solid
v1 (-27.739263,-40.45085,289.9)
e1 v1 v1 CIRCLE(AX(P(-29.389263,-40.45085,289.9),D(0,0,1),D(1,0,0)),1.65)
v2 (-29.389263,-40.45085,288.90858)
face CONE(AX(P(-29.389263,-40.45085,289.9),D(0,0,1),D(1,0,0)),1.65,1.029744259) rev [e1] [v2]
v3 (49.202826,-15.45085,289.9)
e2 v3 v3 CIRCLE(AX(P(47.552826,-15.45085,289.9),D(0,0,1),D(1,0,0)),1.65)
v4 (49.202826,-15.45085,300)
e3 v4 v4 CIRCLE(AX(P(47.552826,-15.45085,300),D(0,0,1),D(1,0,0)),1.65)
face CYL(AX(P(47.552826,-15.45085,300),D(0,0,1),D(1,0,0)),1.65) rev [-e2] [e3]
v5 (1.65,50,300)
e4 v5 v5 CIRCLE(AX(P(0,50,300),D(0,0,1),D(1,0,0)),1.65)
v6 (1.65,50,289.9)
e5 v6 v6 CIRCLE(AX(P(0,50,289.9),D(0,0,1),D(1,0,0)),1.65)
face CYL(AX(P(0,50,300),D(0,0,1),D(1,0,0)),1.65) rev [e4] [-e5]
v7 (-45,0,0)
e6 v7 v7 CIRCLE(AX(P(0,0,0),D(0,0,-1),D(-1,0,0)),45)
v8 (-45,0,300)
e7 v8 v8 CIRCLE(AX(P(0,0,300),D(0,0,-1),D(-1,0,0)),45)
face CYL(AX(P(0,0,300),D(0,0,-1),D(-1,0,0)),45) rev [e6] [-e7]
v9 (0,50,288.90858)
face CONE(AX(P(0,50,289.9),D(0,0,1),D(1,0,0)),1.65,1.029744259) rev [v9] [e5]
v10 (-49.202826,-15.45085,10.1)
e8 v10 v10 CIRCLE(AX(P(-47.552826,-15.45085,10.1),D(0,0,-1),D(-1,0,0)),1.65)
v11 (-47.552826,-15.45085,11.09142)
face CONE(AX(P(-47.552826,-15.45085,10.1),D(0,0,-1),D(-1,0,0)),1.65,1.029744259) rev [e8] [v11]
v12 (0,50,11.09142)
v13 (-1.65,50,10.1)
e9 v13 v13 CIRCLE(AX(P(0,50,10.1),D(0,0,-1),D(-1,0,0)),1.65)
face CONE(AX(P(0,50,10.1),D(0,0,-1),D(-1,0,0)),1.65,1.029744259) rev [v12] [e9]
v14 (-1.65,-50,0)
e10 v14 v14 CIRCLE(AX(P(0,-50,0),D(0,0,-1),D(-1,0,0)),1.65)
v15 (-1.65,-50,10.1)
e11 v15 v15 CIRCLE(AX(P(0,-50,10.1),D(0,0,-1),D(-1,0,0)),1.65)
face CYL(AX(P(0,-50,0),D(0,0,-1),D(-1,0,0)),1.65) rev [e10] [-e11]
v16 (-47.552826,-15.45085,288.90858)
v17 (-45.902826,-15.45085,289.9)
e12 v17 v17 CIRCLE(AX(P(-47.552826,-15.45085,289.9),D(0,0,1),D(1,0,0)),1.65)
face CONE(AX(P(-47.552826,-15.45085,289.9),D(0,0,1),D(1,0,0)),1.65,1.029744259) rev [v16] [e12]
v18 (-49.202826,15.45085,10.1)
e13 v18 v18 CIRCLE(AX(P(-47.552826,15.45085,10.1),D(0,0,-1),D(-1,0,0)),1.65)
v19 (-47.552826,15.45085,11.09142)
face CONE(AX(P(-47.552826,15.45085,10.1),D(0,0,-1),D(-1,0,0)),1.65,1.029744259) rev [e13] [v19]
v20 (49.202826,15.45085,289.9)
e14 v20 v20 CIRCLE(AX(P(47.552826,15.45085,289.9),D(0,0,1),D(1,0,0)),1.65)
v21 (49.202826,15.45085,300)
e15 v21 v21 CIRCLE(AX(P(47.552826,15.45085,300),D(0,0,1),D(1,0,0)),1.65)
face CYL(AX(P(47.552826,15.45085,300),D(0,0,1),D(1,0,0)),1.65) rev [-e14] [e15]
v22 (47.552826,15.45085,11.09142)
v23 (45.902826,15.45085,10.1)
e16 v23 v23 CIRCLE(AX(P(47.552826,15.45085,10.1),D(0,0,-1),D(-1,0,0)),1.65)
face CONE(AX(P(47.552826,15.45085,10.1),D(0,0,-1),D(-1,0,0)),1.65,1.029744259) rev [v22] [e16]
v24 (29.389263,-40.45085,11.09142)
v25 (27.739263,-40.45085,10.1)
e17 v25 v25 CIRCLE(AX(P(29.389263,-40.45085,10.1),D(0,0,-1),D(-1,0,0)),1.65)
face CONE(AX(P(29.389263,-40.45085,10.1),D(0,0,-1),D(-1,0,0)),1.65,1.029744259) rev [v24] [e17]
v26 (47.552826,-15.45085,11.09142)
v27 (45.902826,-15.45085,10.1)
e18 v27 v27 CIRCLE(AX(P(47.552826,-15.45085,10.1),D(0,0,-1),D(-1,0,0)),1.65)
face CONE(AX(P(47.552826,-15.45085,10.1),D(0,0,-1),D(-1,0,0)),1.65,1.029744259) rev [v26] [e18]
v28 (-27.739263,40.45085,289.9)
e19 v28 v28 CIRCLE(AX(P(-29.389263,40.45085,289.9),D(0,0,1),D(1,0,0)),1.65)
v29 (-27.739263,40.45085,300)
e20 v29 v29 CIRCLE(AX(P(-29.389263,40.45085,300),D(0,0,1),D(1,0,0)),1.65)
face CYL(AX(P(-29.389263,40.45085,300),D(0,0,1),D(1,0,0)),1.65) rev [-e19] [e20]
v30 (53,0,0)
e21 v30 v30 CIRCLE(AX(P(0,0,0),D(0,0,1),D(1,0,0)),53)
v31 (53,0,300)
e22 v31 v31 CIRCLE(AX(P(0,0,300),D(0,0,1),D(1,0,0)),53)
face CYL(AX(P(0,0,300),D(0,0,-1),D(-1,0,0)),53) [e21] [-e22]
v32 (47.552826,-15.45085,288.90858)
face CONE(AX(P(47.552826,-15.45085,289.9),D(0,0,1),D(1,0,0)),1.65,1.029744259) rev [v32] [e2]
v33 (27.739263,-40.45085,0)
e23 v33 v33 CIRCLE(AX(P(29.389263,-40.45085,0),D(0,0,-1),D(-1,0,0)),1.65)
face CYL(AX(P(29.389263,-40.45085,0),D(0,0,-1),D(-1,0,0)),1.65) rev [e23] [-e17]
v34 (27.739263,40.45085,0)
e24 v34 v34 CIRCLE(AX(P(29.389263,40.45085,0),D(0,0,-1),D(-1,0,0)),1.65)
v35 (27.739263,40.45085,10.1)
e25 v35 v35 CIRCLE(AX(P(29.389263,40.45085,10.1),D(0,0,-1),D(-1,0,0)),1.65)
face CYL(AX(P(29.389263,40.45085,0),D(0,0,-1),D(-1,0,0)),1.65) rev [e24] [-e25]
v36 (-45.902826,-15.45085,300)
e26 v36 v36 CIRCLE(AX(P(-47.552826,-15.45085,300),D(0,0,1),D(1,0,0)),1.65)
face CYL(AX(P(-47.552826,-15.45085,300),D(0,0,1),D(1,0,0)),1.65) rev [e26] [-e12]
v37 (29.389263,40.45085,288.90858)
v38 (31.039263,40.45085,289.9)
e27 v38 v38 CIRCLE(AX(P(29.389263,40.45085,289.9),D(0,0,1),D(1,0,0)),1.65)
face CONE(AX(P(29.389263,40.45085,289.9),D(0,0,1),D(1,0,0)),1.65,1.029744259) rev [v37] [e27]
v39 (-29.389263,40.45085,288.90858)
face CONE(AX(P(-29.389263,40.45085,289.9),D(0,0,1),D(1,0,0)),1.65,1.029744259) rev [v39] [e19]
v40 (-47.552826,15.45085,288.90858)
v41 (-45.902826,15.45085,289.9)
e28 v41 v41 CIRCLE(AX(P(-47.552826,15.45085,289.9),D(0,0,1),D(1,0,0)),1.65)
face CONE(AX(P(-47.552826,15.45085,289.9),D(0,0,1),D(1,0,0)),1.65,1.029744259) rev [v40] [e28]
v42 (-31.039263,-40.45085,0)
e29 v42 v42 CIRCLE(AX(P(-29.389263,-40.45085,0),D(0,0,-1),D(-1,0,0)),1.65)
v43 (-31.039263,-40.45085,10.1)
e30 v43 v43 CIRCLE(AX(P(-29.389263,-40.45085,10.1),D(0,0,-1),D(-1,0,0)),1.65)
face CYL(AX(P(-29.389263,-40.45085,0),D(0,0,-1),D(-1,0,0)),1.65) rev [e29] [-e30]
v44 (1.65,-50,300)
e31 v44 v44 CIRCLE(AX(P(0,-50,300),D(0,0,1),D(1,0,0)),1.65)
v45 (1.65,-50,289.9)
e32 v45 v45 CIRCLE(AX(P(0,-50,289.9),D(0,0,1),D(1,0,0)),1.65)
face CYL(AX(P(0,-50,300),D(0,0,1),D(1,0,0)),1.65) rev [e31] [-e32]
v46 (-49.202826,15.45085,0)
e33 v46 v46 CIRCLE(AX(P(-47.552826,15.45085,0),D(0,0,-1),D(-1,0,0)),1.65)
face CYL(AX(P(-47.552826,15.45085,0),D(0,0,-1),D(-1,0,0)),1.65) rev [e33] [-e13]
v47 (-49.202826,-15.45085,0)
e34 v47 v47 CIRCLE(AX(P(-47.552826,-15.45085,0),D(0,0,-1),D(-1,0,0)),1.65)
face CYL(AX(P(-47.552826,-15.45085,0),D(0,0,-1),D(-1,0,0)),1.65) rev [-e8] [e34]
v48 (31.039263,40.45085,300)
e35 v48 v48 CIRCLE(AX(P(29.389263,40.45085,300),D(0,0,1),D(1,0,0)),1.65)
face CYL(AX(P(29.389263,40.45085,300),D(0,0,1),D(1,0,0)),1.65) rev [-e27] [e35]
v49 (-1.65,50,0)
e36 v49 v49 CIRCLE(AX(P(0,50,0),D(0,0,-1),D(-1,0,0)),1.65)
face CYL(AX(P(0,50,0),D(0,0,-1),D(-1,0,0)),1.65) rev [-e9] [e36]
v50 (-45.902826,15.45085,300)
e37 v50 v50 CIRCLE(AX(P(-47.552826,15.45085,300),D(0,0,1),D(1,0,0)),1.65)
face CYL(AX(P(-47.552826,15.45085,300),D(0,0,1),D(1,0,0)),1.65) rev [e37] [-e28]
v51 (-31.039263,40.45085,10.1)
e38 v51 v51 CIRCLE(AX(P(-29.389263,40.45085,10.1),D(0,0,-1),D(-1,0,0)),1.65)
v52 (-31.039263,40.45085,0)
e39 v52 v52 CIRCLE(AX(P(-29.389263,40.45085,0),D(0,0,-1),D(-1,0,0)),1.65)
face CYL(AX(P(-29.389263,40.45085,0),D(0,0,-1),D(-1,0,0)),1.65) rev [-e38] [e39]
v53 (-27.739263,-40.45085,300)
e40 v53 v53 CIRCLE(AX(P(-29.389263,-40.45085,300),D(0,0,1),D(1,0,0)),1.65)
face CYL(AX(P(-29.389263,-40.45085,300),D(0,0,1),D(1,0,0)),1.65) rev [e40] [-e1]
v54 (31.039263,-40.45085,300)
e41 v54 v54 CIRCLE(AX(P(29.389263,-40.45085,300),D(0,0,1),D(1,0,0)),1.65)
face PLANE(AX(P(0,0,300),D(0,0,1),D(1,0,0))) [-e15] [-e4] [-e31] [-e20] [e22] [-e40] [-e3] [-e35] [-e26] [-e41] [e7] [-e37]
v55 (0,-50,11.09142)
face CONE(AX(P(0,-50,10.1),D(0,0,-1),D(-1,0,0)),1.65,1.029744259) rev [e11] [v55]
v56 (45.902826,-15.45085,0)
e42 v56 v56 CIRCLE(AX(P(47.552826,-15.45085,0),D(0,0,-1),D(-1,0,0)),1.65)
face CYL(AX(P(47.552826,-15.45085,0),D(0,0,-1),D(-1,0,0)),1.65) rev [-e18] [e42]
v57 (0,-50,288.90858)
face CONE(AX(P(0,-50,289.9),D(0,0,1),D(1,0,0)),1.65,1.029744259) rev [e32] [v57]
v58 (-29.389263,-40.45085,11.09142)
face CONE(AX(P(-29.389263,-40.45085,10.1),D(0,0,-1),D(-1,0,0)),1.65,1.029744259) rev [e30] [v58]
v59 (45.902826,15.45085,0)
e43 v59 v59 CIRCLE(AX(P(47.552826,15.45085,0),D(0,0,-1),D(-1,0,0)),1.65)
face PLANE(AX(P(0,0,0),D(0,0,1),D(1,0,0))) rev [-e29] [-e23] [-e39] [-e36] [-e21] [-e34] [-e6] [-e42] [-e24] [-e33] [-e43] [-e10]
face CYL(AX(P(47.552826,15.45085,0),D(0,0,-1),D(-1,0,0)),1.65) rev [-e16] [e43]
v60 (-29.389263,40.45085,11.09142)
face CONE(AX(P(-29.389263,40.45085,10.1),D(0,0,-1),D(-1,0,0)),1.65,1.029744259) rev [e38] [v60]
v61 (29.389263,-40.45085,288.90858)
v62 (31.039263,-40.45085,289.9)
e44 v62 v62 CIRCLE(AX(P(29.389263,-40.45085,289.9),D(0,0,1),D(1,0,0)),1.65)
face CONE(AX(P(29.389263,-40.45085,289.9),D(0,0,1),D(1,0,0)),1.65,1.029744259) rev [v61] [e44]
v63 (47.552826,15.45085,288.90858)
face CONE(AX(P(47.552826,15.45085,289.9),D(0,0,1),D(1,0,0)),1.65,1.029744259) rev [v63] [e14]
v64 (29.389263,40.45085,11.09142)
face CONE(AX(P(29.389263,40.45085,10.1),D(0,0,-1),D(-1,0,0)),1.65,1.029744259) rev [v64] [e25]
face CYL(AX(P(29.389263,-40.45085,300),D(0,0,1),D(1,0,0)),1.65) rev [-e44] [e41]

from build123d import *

# Parameters (mm, degrees)
SKETCH_1_R               = 53
EXTRUDE_1_DEPTH          = 300
SKETCH_2_R               = 45
CUT_EXTRUDE_1_DEPTH      = 300
PATTERN_CIRCULAR_1_COUNT = 10
PATTERN_CIRCULAR_2_COUNT = 10


with BuildPart() as part:
    # 草图1 → 凸台-拉伸1 (new body)
    with BuildSketch(Plane.XY):
        Circle(SKETCH_1_R)
    extrude(amount=EXTRUDE_1_DEPTH)

    # 草图2 → 切除-拉伸1 (cut)
    with BuildSketch(Plane(origin=(0, 0, 0), x_dir=(-1, 0, 0), z_dir=(0, 0, -1))):
        Circle(SKETCH_2_R)
    extrude(amount=-CUT_EXTRUDE_1_DEPTH, mode=Mode.SUBTRACT)

    # 草图3 → M4 螺纹孔1 (revolve, cut)
    with BuildSketch(Plane(origin=(0, 50, 0), x_dir=(0, 1, 0), z_dir=(1, 0, 0))):
        Polygon((0, 0), (0, 11.091420021), (1.65, 10.1), (1.65, 0), align=None)
    hole_wizard_m4_1 = revolve(axis=Axis((0, 50, -6.35), (0, 0, 1)), mode=Mode.SUBTRACT)

    # 阵列(圆周)1: M4 螺纹孔1 ×10 about axis
    pattern_circular_1_axis = Axis((0, 0, 300), (0, 0, -1))
    for i in range(1, PATTERN_CIRCULAR_1_COUNT):
        add(hole_wizard_m4_1.rotate(pattern_circular_1_axis, i * 360 / PATTERN_CIRCULAR_1_COUNT), mode=Mode.SUBTRACT)

    # 草图5 → M4 螺纹孔2 (revolve, cut)
    with BuildSketch(Plane(origin=(0, 50, 300), x_dir=(0, -1, 0), z_dir=(1, 0, 0))):
        Polygon((0, 0), (0, 11.091420021), (1.65, 10.1), (1.65, 0), align=None)
    hole_wizard_m4_2 = revolve(axis=Axis((0, 50, 306.35), (0, 0, -1)), mode=Mode.SUBTRACT)

    # 阵列(圆周)2: M4 螺纹孔2 ×10 about axis
    pattern_circular_2_axis = Axis((0, 0, 300), (0, 0, -1))
    for i in range(1, PATTERN_CIRCULAR_2_COUNT):
        add(hole_wizard_m4_2.rotate(pattern_circular_2_axis, i * 360 / PATTERN_CIRCULAR_2_COUNT), mode=Mode.SUBTRACT)


solid = part.part
